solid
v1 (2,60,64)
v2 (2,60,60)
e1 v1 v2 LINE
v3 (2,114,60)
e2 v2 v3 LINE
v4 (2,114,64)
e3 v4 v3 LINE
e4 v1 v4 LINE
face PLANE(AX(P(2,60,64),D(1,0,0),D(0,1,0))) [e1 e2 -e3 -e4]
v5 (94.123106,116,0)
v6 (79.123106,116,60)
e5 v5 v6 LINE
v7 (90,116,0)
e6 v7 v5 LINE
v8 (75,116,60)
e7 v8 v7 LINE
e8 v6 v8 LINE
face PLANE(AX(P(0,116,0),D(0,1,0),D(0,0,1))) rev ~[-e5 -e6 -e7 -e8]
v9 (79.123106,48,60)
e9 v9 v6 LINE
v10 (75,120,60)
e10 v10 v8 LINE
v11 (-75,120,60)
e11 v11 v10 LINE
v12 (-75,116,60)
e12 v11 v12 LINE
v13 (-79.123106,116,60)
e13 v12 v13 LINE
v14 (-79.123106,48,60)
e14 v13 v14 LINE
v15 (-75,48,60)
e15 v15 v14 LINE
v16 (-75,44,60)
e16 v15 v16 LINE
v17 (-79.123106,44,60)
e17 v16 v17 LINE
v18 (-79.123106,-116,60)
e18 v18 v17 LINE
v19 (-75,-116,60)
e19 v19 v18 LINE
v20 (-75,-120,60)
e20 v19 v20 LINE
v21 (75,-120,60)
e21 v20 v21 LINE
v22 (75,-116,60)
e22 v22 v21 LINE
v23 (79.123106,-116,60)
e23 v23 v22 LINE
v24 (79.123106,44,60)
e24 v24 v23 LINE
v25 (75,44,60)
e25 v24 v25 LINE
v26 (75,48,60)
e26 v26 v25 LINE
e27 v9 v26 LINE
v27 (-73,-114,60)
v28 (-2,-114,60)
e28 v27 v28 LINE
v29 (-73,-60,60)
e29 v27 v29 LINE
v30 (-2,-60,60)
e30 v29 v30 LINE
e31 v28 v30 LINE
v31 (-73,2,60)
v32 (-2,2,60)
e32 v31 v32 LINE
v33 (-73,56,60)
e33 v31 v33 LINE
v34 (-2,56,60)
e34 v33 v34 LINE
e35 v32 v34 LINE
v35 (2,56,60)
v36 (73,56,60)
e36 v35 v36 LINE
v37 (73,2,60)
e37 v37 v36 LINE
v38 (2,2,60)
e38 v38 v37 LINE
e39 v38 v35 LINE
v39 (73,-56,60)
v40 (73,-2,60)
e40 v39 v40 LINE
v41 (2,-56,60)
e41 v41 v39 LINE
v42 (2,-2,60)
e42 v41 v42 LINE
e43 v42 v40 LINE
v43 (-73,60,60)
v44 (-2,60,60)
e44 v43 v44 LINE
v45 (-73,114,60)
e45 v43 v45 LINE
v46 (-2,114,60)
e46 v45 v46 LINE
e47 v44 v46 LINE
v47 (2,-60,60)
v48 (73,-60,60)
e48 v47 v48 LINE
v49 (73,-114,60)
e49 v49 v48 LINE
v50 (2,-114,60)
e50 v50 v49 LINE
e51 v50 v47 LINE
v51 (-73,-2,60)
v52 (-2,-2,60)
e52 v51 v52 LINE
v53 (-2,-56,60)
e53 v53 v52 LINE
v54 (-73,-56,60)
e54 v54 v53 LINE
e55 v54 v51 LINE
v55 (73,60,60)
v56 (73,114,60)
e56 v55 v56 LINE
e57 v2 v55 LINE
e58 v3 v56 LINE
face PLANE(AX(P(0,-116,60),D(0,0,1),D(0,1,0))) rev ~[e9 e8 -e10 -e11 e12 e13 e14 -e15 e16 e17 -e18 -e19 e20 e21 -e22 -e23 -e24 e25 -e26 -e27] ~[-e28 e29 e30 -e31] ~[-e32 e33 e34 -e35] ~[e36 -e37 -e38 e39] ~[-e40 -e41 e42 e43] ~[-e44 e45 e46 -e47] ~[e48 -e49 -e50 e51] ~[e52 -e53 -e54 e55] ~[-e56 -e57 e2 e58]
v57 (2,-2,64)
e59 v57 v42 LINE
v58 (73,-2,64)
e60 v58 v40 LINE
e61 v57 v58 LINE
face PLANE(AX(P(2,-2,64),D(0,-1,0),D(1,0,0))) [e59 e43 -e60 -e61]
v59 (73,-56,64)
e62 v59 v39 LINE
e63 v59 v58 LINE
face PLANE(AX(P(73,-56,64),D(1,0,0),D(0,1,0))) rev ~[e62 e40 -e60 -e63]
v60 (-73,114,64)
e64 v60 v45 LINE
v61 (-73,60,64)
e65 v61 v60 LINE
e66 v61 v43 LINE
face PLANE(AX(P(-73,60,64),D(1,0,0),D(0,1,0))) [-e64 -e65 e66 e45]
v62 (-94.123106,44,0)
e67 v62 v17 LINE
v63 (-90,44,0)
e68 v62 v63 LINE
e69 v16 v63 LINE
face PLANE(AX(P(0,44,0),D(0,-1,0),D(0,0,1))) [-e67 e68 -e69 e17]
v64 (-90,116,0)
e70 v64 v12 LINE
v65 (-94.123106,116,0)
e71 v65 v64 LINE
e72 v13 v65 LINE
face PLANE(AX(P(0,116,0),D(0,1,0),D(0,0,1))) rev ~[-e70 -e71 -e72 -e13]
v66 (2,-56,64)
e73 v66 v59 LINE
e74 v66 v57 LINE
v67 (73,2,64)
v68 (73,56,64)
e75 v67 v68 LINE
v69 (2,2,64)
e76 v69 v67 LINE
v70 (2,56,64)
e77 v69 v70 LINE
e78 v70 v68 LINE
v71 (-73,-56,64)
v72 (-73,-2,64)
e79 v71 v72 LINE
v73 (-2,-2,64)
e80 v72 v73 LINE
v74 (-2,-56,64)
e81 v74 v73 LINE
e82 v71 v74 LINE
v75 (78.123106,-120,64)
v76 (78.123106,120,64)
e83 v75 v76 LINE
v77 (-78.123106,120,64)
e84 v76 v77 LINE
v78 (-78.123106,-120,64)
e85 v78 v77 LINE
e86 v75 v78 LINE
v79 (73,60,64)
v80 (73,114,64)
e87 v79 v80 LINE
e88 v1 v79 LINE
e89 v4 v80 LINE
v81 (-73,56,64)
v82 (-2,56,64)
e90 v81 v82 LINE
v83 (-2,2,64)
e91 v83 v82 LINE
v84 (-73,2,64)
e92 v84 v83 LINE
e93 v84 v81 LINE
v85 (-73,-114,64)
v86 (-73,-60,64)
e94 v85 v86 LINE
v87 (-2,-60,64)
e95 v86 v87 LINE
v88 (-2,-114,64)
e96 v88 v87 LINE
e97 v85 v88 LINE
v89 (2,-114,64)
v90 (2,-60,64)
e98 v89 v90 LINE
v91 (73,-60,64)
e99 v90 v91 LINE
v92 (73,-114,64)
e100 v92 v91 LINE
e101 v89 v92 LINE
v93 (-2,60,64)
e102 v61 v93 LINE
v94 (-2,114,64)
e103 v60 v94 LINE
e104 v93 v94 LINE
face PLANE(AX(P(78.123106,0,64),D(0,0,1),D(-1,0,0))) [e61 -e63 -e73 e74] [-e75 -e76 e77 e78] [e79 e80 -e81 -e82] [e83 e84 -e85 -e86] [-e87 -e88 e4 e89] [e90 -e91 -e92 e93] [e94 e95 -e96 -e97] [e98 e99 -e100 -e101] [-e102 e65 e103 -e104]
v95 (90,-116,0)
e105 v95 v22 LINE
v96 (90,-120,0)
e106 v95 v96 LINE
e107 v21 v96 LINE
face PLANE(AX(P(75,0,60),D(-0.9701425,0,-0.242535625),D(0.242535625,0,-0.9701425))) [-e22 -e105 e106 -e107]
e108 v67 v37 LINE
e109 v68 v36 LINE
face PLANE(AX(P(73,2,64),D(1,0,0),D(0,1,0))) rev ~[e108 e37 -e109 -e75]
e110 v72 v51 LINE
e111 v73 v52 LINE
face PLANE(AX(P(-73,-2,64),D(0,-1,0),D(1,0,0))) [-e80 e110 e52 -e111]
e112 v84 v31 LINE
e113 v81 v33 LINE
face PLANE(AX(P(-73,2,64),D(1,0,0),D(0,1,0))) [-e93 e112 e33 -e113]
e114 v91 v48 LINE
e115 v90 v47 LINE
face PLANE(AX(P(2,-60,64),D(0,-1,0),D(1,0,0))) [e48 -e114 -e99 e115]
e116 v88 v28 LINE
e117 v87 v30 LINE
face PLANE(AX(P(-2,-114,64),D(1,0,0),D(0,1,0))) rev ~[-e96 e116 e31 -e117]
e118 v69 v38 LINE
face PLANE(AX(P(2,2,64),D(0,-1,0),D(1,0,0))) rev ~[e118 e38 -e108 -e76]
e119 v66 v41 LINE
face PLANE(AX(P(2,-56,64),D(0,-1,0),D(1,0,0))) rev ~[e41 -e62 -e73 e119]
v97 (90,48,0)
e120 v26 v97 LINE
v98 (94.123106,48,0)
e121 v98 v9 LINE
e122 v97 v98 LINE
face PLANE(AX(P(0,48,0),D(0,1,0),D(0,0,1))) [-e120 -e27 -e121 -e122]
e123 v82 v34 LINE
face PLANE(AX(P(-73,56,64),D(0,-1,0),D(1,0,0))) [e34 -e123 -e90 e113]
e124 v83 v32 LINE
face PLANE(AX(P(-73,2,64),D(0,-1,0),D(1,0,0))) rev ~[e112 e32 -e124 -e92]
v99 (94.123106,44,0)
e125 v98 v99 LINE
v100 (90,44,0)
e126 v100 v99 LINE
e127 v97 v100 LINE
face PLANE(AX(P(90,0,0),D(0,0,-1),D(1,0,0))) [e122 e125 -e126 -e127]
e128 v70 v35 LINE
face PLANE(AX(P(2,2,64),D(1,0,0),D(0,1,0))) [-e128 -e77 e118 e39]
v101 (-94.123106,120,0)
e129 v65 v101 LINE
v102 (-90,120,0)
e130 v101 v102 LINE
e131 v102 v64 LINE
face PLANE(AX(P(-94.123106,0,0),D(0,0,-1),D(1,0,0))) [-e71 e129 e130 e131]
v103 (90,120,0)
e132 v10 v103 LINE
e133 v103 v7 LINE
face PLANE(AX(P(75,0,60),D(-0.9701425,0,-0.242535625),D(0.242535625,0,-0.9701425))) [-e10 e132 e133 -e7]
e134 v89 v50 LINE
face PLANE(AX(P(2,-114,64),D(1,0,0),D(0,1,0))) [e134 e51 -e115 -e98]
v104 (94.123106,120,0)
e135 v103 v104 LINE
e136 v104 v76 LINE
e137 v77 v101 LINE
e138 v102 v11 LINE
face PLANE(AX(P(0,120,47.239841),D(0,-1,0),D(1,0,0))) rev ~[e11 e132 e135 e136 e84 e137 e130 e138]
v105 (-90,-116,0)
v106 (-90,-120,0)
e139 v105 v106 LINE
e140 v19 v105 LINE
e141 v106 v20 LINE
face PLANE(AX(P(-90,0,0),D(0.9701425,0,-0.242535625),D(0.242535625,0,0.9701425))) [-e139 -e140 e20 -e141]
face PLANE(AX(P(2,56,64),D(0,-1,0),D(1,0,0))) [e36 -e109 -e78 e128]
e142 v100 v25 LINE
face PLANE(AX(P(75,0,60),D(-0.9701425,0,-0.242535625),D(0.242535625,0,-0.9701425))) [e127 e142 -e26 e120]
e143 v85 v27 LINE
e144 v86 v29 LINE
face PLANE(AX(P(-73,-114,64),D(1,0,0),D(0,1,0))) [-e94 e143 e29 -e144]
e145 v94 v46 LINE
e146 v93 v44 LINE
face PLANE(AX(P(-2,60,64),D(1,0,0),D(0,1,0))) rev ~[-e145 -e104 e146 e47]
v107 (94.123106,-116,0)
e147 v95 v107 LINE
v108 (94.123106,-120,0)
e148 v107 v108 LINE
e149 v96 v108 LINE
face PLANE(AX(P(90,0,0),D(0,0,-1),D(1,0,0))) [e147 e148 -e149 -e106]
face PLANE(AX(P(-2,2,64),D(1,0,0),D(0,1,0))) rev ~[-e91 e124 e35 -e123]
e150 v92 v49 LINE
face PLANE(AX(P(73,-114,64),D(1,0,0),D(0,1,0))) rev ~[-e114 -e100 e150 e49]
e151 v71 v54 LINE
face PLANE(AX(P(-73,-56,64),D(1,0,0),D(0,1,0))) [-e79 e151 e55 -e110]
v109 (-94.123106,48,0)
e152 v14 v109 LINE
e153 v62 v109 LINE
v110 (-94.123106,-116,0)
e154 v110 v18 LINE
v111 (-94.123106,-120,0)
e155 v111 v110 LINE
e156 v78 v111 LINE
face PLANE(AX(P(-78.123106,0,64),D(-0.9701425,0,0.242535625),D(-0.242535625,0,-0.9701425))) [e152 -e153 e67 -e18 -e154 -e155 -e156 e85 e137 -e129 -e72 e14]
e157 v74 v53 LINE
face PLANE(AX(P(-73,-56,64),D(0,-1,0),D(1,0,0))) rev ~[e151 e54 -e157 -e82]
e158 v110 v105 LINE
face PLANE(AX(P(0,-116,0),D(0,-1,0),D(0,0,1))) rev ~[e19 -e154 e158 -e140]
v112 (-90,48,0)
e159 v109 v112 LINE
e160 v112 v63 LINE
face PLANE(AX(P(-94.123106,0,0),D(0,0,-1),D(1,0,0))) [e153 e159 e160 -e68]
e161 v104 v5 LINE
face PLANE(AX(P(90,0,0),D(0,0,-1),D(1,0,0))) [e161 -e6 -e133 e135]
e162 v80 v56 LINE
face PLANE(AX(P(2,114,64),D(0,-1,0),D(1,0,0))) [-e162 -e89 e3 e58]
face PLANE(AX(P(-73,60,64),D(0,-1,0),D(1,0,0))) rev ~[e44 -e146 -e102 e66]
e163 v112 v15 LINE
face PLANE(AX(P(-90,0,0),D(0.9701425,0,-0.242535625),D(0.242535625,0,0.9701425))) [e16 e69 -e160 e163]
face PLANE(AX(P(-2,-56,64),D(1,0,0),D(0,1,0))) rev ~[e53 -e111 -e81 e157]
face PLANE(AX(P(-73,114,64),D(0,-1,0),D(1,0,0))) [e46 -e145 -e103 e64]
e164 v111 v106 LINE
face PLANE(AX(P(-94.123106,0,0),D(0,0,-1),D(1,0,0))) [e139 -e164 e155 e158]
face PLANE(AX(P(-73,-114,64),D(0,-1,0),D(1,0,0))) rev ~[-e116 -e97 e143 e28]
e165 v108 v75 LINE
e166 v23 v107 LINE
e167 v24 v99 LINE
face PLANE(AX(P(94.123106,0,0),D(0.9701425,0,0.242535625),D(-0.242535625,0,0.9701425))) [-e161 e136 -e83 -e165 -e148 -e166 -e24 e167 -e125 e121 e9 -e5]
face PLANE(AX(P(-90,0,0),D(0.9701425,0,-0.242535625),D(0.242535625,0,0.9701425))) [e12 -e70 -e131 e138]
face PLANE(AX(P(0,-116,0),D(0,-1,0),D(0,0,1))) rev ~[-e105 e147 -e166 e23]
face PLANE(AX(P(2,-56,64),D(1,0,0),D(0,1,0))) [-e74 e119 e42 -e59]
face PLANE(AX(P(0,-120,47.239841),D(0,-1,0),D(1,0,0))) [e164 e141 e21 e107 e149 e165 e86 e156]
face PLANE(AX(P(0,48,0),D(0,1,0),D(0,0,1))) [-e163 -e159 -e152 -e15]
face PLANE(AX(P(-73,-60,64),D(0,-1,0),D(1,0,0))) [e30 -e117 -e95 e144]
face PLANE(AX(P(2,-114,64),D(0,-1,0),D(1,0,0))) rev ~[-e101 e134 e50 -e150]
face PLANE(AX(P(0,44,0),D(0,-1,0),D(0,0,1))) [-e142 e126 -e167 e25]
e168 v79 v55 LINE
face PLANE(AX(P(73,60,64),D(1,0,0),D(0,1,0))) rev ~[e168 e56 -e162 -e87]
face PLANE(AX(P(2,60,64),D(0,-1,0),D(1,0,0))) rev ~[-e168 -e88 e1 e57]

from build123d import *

# Parameters (mm, degrees)
F1_DEPTH = 120
F2_W     = 160
F2_H     = 60
F2_W_2   = 68
F3_DEPTH = 100
F4_W     = 71
F4_H     = 54
F5_DEPTH = 80.360247


with BuildPart() as f1:
    # F0 (on Front) → F1 (new body, symmetric)
    with BuildSketch(Plane.XZ):
        Polygon((-94.123106, 0), (-90, 0), (-75, 60), (75, 60), (90, 0), (94.123106, 0), (78.123106, 64), (-78.123106, 64), align=None)
    extrude(amount=F1_DEPTH, both=True)

    # F2 (on Right) → F3 (cut, symmetric)
    with BuildSketch(Plane.YZ):
        with Locations((-36, 30)):
            Rectangle(F2_W, F2_H)
        with Locations((82, 30)):
            Rectangle(F2_W_2, F2_H)
    extrude(amount=F3_DEPTH, both=True, mode=Mode.SUBTRACT)

    # F4 (on face) → F5 (cut)
    with BuildSketch(Plane.XY.offset(64)):
        with Locations((-37.5, 87)):
            Rectangle(F4_W, F4_H)
        with Locations((37.5, 87)):
            Rectangle(F4_W, F4_H)
        with Locations((-37.5, 29)):
            Rectangle(F4_W, F4_H)
        with Locations((37.5, 29)):
            Rectangle(F4_W, F4_H)
        with Locations((-37.5, -29)):
            Rectangle(F4_W, F4_H)
        with Locations((37.5, -29)):
            Rectangle(F4_W, F4_H)
        with Locations((-37.5, -87)):
            Rectangle(F4_W, F4_H)
        with Locations((37.5, -87)):
            Rectangle(F4_W, F4_H)
    extrude(amount=-F5_DEPTH, mode=Mode.SUBTRACT)


solid = f1.part
